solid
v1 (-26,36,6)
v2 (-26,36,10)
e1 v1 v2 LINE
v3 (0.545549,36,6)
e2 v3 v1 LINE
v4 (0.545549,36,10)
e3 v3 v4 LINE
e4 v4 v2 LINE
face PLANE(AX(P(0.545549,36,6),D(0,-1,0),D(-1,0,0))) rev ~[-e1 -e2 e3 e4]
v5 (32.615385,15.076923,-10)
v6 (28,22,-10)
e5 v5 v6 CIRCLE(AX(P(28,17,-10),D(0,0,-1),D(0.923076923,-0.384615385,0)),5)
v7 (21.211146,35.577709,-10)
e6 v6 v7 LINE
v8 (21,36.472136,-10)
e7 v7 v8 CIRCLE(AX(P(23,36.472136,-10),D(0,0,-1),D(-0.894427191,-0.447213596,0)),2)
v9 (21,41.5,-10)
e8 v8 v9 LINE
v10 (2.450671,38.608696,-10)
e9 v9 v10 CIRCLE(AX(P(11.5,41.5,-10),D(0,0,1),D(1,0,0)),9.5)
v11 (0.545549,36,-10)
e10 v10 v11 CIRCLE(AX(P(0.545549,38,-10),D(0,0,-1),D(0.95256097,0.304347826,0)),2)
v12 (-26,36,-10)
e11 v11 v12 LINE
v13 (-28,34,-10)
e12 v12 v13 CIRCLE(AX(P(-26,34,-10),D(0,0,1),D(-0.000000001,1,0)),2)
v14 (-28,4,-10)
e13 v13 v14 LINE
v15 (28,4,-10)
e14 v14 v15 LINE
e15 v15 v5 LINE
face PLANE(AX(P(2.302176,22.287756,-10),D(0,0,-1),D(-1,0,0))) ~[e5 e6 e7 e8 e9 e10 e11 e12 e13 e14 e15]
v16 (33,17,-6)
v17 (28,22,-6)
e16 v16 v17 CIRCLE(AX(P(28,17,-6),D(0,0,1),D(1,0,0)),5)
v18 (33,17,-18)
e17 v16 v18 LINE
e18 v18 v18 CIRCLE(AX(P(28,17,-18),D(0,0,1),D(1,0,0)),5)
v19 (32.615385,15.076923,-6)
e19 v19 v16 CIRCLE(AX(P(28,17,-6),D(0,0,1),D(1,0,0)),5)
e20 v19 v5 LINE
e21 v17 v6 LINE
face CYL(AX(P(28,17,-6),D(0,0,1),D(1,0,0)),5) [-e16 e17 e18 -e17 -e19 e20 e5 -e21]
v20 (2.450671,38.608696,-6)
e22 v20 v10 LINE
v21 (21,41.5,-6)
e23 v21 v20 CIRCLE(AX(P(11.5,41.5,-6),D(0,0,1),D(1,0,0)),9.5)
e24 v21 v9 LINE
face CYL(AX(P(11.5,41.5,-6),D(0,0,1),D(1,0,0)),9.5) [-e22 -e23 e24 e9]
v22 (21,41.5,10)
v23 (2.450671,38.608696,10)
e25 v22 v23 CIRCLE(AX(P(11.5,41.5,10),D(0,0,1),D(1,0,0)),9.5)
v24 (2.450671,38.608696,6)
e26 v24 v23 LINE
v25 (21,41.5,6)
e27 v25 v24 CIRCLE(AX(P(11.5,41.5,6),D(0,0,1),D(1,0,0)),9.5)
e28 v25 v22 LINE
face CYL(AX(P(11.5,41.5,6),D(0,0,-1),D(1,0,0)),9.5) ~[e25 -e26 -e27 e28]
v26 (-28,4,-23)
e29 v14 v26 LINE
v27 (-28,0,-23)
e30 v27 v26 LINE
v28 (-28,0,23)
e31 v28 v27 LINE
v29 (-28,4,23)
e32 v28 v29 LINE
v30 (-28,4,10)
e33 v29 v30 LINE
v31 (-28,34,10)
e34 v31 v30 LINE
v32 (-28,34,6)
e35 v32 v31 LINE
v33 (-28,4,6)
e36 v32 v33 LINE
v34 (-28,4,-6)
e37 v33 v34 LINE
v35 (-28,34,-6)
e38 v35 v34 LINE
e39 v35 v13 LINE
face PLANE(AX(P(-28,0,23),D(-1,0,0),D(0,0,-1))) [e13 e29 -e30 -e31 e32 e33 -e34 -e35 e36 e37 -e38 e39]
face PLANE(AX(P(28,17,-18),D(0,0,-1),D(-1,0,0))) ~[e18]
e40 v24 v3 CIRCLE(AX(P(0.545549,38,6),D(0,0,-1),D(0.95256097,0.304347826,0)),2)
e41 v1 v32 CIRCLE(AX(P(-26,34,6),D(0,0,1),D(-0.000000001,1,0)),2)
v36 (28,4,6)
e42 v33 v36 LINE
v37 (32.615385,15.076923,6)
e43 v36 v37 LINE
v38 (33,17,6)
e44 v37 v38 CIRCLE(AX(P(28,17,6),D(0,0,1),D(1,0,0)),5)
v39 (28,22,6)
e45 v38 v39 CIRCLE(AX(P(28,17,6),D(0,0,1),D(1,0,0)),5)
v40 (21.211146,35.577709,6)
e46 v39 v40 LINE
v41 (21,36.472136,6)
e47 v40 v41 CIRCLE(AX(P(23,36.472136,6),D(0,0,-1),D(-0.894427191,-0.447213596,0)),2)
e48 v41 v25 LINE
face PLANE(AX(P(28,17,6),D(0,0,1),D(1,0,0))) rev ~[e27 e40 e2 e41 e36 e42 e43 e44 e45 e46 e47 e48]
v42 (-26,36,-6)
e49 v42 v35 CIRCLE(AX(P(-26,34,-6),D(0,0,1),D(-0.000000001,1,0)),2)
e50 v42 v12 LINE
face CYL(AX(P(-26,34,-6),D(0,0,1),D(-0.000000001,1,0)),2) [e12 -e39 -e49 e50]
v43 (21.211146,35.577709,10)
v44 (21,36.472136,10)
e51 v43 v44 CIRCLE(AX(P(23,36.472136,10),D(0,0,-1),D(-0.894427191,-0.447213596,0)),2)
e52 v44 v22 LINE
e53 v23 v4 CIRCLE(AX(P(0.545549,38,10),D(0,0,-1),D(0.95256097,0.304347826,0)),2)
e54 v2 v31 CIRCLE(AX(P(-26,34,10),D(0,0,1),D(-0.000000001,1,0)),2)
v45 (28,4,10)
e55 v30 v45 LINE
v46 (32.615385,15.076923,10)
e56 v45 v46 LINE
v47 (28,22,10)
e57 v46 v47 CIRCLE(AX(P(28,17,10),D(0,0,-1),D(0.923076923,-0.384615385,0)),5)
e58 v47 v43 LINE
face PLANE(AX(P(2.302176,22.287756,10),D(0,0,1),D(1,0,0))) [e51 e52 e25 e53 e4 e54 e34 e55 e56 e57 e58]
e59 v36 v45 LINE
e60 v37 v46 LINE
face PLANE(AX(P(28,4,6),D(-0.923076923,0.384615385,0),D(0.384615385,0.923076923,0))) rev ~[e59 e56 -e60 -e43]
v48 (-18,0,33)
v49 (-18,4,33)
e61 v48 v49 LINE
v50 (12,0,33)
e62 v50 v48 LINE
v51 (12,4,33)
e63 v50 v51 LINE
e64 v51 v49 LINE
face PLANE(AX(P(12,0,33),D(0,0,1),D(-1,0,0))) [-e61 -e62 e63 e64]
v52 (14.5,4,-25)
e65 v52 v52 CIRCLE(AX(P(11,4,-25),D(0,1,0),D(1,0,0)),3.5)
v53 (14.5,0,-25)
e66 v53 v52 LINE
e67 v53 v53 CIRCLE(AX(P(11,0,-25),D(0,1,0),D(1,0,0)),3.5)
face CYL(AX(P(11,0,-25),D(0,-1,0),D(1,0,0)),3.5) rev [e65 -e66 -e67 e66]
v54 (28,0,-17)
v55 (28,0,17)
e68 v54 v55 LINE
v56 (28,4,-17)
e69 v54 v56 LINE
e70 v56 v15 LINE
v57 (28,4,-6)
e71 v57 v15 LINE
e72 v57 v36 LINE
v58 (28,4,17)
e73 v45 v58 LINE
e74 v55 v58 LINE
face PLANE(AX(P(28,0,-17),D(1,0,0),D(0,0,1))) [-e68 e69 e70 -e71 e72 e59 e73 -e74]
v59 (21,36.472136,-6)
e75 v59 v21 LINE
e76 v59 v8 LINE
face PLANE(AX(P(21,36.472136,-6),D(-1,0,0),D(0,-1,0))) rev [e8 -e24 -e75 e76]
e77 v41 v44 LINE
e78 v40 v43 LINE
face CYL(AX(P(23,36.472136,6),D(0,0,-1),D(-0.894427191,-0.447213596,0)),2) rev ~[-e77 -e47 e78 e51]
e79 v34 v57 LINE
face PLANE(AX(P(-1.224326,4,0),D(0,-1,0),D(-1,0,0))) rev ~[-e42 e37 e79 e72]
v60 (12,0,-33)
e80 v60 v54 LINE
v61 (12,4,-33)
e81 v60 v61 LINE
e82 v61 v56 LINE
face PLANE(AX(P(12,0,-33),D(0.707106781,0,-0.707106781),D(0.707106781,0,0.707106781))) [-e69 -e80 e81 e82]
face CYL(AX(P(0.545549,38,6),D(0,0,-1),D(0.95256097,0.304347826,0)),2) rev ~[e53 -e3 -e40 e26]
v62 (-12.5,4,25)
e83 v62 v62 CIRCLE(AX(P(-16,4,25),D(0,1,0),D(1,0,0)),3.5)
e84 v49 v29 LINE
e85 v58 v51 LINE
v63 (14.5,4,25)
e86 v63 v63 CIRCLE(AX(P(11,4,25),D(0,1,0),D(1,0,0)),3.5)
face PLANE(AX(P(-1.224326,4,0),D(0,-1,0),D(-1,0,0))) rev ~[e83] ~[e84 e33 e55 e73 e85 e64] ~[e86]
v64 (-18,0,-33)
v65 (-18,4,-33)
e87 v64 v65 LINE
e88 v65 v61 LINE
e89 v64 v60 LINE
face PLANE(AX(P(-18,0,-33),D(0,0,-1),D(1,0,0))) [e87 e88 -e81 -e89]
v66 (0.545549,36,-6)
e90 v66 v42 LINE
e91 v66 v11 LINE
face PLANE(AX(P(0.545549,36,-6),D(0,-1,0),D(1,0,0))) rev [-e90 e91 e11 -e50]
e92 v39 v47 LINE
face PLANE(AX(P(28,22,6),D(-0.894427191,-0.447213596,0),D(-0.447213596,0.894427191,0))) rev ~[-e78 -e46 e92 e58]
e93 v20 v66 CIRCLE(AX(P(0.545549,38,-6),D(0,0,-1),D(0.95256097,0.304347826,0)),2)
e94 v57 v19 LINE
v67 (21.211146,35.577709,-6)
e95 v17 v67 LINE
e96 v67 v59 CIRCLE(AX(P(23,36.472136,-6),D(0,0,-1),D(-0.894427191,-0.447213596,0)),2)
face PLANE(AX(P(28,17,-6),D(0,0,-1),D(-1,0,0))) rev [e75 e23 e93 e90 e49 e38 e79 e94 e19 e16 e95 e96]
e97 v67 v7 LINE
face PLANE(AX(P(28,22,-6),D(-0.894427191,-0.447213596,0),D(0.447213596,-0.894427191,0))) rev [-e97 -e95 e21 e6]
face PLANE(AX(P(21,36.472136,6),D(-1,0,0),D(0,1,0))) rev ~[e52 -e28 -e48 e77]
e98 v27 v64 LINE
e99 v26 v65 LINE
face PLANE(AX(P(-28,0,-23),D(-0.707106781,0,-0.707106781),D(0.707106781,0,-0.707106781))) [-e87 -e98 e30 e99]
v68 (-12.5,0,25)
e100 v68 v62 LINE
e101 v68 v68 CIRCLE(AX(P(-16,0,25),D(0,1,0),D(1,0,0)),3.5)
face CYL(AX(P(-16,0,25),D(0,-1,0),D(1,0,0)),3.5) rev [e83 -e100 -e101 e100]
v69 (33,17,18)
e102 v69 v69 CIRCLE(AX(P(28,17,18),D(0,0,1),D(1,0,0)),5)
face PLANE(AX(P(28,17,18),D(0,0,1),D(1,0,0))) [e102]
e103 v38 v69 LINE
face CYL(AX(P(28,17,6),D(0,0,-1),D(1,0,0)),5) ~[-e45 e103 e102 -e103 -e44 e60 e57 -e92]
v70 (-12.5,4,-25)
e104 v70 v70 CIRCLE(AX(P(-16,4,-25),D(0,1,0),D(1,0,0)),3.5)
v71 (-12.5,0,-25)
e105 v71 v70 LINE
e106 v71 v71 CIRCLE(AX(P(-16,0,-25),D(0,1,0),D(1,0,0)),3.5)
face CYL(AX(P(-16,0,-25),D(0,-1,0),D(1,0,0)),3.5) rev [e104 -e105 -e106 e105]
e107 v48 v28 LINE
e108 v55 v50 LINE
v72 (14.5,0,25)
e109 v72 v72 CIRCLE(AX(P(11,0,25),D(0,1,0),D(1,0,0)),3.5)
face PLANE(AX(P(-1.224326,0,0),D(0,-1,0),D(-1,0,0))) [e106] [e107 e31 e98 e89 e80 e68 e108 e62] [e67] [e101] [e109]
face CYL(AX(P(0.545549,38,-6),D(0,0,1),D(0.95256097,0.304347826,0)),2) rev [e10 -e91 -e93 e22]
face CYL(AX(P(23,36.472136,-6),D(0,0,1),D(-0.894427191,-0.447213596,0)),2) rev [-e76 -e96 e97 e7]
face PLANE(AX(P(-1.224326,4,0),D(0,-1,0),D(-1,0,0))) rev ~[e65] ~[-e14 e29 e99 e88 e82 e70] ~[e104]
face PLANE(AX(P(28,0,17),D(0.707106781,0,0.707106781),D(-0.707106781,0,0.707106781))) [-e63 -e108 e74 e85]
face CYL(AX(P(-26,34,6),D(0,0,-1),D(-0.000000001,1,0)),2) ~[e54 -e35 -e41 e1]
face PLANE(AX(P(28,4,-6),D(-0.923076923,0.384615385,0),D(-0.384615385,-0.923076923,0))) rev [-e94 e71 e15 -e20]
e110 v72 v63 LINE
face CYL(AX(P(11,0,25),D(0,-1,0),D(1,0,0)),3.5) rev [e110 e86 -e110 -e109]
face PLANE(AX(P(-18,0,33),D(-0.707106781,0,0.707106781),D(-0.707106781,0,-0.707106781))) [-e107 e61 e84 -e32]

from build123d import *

# Parameters (mm, degrees)
SKETCH1_R           = 3.5
BOSS_EXTRUDE1_DEPTH = 4
BOSS_EXTRUDE2_DEPTH = 4
SKETCH6_R           = 5
BOSS_EXTRUDE3_DEPTH = 12


with BuildPart() as part:
    # Sketch1 → Boss-Extrude1 (new body)
    with BuildSketch(Plane(origin=(0, 0, 0), x_dir=(1, 0, 0), z_dir=(0, 1, 0))):
        Polygon((-28, 23), (-18, 33), (12, 33), (28, 17), (28, -17), (12, -33), (-18, -33), (-28, -23), align=None)
        with Locations((11, 25)):
            Circle(SKETCH1_R, mode=Mode.SUBTRACT)
        with Locations((11, -25)):
            Circle(SKETCH1_R, mode=Mode.SUBTRACT)
        with Locations((-16, -25)):
            Circle(SKETCH1_R, mode=Mode.SUBTRACT)
        with Locations((-16, 25)):
            Circle(SKETCH1_R, mode=Mode.SUBTRACT)
    extrude(amount=BOSS_EXTRUDE1_DEPTH)

    # Sketch2 → Boss-Extrude2 (add)
    with BuildSketch(Plane.XY.offset(6)):
        with BuildLine():
            Line((-28, 34), (-28, 4))
            Line((-28, 4), (28, 4))
            Line((28, 4), (32.615384615, 15.076923077))
            ThreePointArc((32.615384615, 15.076923077), (23.839748528, 14.226499019), (28, 22))
            Line((28, 22), (21.211145618, 35.577708764))
            ThreePointArc((21.211145618, 35.577708764), (21.053502021, 36.012630114), (21, 36.472135955))
            Line((21, 36.472135955), (21, 41.5))
            ThreePointArc((21, 41.5), (10.03689158, 50.886656154), (2.450670789, 38.608695652))
            ThreePointArc((2.450670789, 38.608695652), (2.160694556, 36.820464351), (0.54554885, 36))
            Line((0.54554885, 36), (-26, 36))
            ThreePointArc((-26, 36), (-27.414213562, 35.414213562), (-28, 34))
        make_face()
    boss_extrude2 = extrude(amount=BOSS_EXTRUDE2_DEPTH)

    # Sketch6 → Boss-Extrude3 (add)
    with BuildSketch(Plane.XY.offset(6)):
        with Locations((28, 17)):
            Circle(SKETCH6_R)
    boss_extrude3 = extrude(amount=BOSS_EXTRUDE3_DEPTH)

    # Mirror1: Boss-Extrude2 across plane
    add(boss_extrude2.mirror(Plane.XY))

    # Mirror2: Boss-Extrude3 across plane
    add(boss_extrude3.mirror(Plane.XY))


solid = part.part
